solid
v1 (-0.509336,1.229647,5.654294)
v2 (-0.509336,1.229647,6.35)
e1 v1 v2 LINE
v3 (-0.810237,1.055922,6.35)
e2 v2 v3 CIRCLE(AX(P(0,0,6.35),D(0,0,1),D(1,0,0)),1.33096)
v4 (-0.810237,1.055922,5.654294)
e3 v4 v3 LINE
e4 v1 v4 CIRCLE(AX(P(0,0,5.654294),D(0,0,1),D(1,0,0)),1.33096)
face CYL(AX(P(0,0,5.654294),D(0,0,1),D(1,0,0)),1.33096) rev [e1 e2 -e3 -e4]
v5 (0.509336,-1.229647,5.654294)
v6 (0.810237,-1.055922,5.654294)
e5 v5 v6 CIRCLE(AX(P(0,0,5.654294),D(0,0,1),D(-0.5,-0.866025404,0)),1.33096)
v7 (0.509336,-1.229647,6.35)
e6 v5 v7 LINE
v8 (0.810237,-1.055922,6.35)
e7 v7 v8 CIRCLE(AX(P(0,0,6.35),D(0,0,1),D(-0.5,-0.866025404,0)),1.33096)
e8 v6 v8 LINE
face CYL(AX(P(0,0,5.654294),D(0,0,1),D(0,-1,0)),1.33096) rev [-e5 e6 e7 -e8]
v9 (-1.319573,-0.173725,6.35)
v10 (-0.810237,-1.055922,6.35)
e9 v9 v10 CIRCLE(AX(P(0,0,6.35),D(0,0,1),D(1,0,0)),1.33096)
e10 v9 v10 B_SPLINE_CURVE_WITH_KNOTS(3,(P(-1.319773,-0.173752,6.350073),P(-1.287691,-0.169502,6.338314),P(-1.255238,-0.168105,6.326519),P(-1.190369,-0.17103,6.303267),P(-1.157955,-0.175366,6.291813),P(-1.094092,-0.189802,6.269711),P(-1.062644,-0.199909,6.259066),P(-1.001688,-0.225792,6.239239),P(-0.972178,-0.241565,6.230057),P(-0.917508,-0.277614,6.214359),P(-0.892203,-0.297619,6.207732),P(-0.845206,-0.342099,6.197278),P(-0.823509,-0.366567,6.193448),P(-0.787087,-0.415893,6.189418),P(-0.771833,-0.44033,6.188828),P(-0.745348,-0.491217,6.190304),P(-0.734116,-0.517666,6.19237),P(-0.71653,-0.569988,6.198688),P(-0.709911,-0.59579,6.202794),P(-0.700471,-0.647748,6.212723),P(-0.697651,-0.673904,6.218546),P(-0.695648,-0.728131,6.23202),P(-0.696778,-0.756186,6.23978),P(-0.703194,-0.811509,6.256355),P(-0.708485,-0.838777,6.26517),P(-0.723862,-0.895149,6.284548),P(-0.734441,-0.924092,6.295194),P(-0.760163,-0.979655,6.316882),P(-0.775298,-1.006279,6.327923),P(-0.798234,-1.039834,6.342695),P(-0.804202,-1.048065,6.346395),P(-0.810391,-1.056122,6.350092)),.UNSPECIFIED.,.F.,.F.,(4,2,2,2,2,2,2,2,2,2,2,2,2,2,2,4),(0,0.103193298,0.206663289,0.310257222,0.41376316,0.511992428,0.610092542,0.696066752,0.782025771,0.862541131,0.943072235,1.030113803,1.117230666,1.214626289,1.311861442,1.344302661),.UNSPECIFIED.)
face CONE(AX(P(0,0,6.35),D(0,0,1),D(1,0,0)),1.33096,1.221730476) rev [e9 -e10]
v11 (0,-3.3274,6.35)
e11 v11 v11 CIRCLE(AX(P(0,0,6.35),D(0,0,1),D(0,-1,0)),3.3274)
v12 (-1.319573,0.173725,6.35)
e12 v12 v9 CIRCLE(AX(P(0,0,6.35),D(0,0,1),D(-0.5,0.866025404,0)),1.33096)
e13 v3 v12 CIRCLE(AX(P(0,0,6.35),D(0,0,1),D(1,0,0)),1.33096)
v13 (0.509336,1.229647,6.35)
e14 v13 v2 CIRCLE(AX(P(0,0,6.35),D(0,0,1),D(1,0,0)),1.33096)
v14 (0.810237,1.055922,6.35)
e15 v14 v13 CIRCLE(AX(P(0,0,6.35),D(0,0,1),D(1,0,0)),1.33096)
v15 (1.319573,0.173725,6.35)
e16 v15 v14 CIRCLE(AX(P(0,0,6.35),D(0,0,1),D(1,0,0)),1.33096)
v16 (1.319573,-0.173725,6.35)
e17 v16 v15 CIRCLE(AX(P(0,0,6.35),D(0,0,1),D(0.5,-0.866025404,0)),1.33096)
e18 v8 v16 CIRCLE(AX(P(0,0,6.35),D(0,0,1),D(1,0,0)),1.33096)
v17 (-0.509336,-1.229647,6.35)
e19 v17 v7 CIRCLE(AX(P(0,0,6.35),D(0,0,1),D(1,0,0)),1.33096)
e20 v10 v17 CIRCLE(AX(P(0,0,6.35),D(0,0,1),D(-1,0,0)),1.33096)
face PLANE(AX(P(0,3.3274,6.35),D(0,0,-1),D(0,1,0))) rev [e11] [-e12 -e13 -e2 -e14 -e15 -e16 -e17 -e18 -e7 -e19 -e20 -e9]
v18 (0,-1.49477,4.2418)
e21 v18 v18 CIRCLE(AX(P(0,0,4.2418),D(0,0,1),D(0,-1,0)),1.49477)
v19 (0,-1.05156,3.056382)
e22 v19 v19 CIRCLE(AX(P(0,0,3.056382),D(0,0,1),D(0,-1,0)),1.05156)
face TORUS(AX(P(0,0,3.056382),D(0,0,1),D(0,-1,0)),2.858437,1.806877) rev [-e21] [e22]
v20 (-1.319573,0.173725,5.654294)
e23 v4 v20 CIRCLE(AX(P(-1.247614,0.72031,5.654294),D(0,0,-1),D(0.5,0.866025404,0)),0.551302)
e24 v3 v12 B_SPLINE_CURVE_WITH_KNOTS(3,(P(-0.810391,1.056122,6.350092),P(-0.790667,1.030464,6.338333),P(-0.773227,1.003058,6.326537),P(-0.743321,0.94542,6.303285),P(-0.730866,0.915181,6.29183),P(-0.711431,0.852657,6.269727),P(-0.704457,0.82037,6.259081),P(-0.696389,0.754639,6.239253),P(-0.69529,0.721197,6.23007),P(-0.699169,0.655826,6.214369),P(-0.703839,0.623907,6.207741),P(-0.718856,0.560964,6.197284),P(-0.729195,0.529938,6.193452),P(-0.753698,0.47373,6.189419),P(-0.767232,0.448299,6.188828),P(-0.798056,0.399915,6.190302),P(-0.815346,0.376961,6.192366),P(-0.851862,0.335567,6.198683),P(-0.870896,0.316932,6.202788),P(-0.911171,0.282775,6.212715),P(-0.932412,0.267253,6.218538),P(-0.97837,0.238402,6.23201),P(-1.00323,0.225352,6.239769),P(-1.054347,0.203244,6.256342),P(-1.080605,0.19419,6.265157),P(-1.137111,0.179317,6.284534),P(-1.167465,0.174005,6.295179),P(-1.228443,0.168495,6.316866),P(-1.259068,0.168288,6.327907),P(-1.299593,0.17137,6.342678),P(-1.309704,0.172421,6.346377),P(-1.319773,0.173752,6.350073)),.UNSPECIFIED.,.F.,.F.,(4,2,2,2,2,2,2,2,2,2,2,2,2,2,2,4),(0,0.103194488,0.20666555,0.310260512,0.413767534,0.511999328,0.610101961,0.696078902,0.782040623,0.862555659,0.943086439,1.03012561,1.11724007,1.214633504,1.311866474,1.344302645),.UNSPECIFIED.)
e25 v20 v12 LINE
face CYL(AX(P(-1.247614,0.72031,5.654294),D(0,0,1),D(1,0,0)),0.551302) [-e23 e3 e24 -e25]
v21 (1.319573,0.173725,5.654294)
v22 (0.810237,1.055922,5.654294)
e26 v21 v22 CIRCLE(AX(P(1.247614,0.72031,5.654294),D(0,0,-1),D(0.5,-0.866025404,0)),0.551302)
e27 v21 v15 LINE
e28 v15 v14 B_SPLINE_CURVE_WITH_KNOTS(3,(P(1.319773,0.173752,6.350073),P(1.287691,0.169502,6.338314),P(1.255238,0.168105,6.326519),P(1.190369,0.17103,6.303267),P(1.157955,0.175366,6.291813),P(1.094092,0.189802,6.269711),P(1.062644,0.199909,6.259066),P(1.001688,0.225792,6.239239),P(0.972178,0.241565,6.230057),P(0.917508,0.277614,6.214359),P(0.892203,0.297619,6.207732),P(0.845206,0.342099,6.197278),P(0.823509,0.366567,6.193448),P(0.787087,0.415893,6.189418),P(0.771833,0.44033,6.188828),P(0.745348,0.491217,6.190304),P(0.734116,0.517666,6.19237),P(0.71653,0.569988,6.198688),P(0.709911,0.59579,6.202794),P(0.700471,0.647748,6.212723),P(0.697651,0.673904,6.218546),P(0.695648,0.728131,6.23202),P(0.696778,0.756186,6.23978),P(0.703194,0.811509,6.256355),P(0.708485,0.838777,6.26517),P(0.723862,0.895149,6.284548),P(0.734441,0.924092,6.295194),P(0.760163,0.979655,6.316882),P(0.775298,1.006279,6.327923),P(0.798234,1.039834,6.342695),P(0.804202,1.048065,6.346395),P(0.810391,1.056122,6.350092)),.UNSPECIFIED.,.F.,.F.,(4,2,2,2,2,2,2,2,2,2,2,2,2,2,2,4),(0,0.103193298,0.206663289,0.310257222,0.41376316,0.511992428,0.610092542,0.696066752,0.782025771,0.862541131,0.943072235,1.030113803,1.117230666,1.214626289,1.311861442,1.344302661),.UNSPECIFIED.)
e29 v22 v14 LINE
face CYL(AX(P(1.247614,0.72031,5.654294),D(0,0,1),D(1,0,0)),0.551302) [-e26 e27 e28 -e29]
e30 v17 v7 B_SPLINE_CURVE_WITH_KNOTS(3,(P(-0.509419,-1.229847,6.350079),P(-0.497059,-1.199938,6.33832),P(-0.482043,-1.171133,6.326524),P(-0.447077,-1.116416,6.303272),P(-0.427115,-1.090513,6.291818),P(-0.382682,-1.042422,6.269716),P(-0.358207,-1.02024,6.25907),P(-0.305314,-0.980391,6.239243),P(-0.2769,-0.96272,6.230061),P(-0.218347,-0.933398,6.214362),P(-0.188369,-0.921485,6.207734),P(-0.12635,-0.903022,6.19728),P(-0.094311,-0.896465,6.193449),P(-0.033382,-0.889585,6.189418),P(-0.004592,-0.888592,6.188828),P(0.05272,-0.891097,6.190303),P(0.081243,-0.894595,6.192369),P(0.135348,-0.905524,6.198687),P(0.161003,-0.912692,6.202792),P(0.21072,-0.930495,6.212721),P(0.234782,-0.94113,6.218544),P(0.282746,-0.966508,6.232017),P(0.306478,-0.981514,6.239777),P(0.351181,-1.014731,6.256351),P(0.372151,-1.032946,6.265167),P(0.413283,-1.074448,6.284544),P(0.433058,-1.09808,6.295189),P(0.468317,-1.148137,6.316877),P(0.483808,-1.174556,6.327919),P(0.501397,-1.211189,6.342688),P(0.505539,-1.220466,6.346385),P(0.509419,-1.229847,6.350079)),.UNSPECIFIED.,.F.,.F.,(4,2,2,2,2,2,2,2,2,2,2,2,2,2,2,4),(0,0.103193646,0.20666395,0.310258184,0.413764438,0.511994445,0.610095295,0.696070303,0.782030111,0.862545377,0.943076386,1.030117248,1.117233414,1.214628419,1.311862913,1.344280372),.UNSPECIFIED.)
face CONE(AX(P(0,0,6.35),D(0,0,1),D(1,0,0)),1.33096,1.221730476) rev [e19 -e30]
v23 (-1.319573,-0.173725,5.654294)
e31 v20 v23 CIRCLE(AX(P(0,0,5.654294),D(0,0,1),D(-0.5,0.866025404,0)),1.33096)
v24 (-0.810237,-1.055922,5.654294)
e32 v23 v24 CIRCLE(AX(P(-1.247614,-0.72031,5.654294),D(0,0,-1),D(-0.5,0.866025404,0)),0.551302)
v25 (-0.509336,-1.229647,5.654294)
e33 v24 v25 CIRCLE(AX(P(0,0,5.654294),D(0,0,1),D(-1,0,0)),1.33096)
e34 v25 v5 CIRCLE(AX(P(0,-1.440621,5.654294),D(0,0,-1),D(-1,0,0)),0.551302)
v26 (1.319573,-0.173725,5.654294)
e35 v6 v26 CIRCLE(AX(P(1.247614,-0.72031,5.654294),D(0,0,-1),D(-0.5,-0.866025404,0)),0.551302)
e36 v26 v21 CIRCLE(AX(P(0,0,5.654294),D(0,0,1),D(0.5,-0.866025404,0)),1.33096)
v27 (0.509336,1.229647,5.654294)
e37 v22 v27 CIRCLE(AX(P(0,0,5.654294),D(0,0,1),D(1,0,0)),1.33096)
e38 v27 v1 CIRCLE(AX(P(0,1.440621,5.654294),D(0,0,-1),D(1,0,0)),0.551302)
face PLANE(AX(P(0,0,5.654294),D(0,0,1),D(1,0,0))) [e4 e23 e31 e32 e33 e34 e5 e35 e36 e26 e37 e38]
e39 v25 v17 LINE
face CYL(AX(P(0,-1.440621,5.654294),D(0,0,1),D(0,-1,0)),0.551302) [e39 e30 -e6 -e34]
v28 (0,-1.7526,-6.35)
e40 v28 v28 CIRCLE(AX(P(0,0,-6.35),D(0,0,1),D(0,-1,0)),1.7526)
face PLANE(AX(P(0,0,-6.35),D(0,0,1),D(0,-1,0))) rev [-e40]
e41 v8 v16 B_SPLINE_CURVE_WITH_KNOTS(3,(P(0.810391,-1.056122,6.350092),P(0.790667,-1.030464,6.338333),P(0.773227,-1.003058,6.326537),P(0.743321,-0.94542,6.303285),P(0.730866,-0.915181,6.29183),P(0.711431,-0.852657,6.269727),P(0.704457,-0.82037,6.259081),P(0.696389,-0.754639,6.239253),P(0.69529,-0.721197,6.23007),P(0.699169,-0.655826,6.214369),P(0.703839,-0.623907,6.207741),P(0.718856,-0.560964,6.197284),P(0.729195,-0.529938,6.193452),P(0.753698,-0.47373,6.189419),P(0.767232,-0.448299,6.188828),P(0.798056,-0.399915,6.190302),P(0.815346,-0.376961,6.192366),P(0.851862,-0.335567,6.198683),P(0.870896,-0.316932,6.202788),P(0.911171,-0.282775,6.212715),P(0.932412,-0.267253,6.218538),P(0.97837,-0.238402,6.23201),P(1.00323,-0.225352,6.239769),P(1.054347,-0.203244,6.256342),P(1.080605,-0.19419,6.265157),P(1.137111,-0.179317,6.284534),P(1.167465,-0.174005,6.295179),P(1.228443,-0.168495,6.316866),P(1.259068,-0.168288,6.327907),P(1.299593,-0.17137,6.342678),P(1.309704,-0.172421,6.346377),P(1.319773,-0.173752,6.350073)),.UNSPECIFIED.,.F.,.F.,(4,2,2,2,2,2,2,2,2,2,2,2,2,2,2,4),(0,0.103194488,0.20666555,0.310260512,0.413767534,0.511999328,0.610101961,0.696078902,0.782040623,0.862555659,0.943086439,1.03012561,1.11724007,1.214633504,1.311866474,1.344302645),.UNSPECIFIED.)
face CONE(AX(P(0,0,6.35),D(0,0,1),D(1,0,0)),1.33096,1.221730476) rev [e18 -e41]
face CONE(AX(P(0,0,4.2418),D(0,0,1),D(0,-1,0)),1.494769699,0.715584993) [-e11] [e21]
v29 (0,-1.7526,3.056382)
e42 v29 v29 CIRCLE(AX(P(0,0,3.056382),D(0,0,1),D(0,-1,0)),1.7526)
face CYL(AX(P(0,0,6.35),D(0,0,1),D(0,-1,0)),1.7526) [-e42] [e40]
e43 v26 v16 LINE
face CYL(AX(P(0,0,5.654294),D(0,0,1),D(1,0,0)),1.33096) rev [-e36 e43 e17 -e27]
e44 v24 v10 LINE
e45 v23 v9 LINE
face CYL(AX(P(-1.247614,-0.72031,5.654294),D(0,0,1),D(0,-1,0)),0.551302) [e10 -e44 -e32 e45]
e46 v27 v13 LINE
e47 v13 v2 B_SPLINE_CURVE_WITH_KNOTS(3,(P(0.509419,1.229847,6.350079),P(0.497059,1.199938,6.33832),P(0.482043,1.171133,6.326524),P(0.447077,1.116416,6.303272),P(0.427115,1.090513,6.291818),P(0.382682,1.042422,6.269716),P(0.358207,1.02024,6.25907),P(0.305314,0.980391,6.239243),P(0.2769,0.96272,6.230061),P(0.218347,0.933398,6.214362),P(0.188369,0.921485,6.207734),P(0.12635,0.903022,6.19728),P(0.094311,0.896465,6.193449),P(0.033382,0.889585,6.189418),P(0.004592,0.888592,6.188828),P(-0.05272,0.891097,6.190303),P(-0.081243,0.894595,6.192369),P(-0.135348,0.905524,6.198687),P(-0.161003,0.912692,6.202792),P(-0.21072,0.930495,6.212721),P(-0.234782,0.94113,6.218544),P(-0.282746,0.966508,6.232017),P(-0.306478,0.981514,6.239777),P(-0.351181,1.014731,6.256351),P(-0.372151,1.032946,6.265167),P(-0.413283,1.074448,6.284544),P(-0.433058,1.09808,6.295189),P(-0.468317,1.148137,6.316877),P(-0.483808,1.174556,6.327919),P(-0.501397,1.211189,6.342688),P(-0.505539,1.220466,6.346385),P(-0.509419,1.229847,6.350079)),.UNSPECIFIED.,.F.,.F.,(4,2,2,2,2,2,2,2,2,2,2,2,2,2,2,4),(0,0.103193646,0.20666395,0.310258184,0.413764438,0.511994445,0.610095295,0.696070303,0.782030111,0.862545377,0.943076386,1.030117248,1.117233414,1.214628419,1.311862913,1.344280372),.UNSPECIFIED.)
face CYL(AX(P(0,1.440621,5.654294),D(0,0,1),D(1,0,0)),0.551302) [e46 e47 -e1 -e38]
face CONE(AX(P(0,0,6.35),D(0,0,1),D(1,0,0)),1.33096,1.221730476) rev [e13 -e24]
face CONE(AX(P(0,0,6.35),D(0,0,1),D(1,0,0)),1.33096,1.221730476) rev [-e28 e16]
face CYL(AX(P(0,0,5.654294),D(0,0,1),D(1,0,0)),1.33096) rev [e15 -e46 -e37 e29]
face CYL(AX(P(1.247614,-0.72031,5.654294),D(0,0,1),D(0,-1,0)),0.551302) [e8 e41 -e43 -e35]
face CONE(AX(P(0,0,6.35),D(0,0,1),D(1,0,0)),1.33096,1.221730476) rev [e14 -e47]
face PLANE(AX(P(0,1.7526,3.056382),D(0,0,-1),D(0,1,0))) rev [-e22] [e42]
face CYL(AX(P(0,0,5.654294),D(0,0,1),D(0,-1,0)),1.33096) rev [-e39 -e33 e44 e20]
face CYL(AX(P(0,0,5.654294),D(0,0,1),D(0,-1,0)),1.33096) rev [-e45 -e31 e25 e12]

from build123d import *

# Parameters (mm, degrees)
CUT_EXTRUDE14_DEPTH = 0.695706
CIRPATTERN1_COUNT   = 6


with BuildPart() as part:
    # Sketch3 → Revolve1 (revolve)
    with BuildSketch(Plane(origin=(0, 0, 0), x_dir=(0, 0, -1), z_dir=(1, 0, 0)), mode=Mode.PRIVATE) as revolve1_sk:
        with BuildLine():
            Line((-3.056381812, 1.7526), (-3.056381812, 1.05156))
            ThreePointArc((-3.056381812, 1.05156), (-3.689163591, 1.165985586), (-4.2418, 1.494769699))
            Line((-4.2418, 1.494769699), (-6.35, 3.3274))
            Line((-6.35, 3.3274), (-6.35, 0))
            Line((-6.35, 0), (6.35, 0))
            Line((6.35, 0), (6.35, 1.7526))
            Line((6.35, 1.7526), (-3.056381812, 1.7526))
        make_face()
    revolve(revolve1_sk.sketch.rotate(Axis((0, 0, 6.35), (0, 0, -1)), 180), axis=Axis((0, 0, 6.35), (0, 0, -1)))

    # Sketch21 → Cut-Extrude14 (cut)
    with BuildSketch(Plane.XY.offset(6.35)):
        with BuildLine():
            Line((0, 0), (-0.66548, 1.152645171))
            ThreePointArc((-0.66548, 1.152645171), (-0.588668555, 1.193701744), (-0.509336341, 1.229646703))
            ThreePointArc((-0.509336341, 1.229646703), (0, 0.88931904), (0.509336341, 1.229646703))
            ThreePointArc((0.509336341, 1.229646703), (0.588668555, 1.193701744), (0.66548, 1.152645171))
            Line((0.66548, 1.152645171), (0, 0))
        make_face()
    cut_extrude14 = extrude(amount=-CUT_EXTRUDE14_DEPTH, mode=Mode.SUBTRACT)

    # CirPattern1: Cut-Extrude14 ×6 about axis
    cirpattern1_axis = Axis((0, 0, 0), (0, 0, 1))
    for i in range(1, CIRPATTERN1_COUNT):
        add(cut_extrude14.rotate(cirpattern1_axis, i * 360 / CIRPATTERN1_COUNT), mode=Mode.SUBTRACT)

    # Cut-Extrude15 cone 1 section (through the dimple's axis) → Cut-Extrude15 (revolve, cut)
    with BuildSketch(Plane(origin=(0, 0, 6.35), x_dir=(0, -1, 0), z_dir=(1, 0, 0))):
        Polygon((0, 0), (1.33096, 0), (0, 0.484429823), align=None)
    revolve(axis=Axis((0, 0, 6.35), (0, 0, -1)), mode=Mode.SUBTRACT)


solid = part.part
